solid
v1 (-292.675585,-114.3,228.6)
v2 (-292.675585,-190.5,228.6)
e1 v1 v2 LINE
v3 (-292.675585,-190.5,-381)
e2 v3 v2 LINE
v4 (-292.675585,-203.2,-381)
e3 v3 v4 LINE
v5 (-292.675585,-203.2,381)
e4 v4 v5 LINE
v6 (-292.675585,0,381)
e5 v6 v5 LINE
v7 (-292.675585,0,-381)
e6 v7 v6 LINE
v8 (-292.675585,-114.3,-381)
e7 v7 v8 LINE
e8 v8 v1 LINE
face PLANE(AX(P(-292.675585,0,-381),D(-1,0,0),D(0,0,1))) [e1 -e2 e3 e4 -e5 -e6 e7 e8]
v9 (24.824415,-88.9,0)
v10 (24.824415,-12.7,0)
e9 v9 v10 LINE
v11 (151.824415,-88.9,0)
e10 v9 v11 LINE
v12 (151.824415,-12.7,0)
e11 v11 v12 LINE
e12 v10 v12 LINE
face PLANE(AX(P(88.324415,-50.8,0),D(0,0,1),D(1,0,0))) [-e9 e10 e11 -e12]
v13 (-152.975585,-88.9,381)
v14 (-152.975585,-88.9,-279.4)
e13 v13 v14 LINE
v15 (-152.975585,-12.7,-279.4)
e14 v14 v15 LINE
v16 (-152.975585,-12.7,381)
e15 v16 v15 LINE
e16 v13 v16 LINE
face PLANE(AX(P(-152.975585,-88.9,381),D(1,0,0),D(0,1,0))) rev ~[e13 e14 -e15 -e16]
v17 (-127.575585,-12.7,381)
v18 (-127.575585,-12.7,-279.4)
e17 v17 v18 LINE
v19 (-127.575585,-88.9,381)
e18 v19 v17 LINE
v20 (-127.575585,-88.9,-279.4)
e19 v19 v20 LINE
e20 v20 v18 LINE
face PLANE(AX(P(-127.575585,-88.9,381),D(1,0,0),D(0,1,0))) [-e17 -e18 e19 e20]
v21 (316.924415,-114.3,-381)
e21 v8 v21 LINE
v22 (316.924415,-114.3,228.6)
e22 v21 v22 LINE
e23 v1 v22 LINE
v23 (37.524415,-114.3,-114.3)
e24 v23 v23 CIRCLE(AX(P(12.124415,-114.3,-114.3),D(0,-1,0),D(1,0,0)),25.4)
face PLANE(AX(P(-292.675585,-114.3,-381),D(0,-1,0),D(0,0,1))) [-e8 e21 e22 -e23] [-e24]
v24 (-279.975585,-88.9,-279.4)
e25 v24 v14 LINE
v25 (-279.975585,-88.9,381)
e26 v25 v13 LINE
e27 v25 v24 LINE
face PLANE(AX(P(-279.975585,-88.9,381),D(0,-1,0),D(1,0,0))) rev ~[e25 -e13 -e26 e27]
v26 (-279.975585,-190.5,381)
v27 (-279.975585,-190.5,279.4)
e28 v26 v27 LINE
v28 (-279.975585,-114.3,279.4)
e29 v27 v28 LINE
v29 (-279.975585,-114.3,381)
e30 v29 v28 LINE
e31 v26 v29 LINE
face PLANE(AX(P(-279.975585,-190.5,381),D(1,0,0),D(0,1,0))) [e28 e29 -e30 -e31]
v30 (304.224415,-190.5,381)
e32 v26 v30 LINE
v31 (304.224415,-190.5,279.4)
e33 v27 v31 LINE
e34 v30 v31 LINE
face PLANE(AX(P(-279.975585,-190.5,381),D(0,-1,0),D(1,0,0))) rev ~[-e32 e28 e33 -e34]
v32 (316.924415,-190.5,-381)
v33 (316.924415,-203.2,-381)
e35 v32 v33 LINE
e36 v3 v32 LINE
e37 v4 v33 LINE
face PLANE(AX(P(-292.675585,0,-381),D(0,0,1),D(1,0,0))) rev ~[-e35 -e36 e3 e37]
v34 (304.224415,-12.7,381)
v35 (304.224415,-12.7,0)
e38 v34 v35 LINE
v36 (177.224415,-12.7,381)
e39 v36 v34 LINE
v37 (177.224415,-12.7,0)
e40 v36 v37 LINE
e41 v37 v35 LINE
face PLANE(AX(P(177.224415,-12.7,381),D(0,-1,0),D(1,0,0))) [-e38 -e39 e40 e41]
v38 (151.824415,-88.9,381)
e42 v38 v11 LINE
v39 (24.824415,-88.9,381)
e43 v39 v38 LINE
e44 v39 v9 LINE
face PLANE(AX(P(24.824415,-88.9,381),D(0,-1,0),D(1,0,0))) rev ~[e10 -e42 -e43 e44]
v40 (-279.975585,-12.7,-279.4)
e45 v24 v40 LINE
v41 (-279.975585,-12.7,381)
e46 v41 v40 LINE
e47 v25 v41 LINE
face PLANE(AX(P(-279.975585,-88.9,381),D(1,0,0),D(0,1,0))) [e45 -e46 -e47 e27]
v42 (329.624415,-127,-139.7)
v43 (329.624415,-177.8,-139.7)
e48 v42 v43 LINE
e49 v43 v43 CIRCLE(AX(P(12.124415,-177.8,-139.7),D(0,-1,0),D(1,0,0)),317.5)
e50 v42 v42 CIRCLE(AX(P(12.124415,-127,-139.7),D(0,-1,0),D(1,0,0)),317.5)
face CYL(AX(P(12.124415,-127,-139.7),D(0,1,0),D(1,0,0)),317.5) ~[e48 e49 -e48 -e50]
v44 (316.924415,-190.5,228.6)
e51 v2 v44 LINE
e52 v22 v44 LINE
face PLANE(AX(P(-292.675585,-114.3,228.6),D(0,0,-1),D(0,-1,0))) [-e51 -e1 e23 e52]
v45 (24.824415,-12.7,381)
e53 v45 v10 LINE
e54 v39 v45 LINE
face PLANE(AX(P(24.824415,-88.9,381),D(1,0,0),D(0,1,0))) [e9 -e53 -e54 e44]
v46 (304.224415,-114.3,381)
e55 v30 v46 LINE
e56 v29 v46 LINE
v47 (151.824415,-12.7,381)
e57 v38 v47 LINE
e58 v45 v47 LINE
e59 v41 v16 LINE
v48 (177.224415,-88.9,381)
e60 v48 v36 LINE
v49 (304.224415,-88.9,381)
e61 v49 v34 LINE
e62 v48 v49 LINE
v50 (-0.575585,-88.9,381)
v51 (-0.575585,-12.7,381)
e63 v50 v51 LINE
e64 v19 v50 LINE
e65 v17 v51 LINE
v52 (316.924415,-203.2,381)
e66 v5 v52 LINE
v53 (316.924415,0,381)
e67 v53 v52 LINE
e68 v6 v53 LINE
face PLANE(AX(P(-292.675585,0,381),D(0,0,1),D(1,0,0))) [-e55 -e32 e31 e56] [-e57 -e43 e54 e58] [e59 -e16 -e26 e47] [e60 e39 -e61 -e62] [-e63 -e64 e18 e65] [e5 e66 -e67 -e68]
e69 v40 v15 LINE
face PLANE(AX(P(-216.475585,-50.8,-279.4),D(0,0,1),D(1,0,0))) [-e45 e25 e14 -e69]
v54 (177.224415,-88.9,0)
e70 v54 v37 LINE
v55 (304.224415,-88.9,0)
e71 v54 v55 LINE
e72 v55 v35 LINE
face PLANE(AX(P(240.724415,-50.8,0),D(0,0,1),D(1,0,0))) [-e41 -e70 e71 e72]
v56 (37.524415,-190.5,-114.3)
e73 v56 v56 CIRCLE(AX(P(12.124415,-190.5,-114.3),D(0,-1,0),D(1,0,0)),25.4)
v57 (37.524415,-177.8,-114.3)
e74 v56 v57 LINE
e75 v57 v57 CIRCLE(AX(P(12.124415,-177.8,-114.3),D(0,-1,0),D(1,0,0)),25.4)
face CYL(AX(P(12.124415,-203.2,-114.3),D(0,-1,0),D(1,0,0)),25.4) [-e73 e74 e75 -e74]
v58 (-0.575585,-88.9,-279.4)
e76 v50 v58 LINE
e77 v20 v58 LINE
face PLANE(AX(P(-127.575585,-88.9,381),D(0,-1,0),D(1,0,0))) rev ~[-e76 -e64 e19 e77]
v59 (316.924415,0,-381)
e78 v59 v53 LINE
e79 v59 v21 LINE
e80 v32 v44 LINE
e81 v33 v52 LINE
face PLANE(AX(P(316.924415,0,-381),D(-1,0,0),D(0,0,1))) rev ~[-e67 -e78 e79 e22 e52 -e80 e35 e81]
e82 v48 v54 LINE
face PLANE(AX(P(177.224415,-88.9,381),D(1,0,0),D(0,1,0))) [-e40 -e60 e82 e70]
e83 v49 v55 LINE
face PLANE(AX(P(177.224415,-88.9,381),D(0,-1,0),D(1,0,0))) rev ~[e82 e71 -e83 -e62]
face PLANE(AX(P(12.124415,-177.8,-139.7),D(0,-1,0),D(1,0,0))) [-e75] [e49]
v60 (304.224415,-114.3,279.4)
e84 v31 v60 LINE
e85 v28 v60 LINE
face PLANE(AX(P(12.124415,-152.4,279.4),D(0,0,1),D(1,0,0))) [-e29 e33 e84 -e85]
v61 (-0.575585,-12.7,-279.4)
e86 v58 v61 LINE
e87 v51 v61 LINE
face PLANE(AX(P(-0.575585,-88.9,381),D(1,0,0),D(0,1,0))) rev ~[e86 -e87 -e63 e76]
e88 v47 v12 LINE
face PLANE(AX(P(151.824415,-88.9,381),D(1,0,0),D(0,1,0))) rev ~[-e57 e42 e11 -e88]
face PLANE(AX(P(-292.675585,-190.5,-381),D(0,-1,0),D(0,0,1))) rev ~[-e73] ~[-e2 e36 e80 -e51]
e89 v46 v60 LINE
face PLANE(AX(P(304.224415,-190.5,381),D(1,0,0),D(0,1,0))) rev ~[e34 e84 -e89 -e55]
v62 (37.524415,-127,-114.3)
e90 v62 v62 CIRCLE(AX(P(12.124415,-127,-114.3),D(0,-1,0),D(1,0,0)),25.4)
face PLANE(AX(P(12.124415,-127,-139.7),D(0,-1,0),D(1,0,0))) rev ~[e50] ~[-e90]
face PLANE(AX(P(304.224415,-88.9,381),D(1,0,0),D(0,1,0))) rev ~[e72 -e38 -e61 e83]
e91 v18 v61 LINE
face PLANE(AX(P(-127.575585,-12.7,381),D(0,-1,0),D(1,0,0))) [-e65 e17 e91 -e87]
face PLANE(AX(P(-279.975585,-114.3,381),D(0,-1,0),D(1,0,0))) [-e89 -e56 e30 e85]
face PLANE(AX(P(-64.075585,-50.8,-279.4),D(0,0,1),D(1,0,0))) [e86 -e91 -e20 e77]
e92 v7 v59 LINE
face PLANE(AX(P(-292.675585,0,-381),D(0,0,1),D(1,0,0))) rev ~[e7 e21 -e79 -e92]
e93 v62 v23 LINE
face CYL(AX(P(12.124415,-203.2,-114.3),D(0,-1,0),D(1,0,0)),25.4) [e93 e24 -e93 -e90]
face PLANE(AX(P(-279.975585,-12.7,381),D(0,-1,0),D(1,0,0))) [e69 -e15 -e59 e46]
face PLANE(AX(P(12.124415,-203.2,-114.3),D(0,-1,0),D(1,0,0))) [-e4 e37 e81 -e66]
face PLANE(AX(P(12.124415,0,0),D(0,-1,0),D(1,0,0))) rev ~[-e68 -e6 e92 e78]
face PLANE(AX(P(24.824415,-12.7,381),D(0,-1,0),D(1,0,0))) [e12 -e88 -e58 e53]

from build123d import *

# Parameters (mm, degrees)
F0_W      = 609.6
F0_H      = 762
F1_DEPTH  = 203.2
F2_W      = 76.2
F2_H      = 609.6
F3_DEPTH  = 609.6
F4_W      = 584.2
F4_H      = 76.2
F5_DEPTH  = 101.6
F7_W      = 127
F7_H      = 76.2
F8_DEPTH  = 660.4
F9_W      = 127
F9_H      = 76.2
F10_DEPTH = 660.4
F11_W     = 127
F11_H     = 76.2
F13_DEPTH = 381
F14_DEPTH = 381
F12_W     = 127
F12_H     = 76.2
F15_DEPTH = 381
F16_R     = 25.4
F17_DEPTH = 88.9
F19_R     = 317.5
F20_DEPTH = 50.8


with BuildPart() as f1:
    # F0 (on Front) → F1 (new body)
    with BuildSketch(Plane.XZ):
        with Locations((12.1244145464, 0)):
            Rectangle(F0_W, F0_H)
    extrude(amount=F1_DEPTH)

    # F2 (on face) → F3 (cut)
    with BuildSketch(Plane(origin=(-292.6755854536, 0, 0), x_dir=(0, -1, 0), z_dir=(-1, 0, 0))):
        with Locations((152.4, -76.2)):
            Rectangle(F2_W, F2_H)
    extrude(amount=-F3_DEPTH, mode=Mode.SUBTRACT)

    # F4 (on face) → F5 (cut)
    with BuildSketch(Plane.XY.offset(381)):
        with Locations((12.1244145464, -152.4)):
            Rectangle(F4_W, F4_H)
    extrude(amount=-F5_DEPTH, mode=Mode.SUBTRACT)

    # F7 (on face) → F8 (cut)
    with BuildSketch(Plane.XY.offset(381)):
        with Locations((-216.4755854536, -50.8)):
            Rectangle(F7_W, F7_H)
    extrude(amount=-F8_DEPTH, mode=Mode.SUBTRACT)

    # F9 (on face) → F10 (cut)
    with BuildSketch(Plane.XY.offset(381)):
        with Locations((-64.0755854536, -50.8)):
            Rectangle(F9_W, F9_H)
    extrude(amount=-F10_DEPTH, mode=Mode.SUBTRACT)

    # F11 (on face) → F13 (cut)
    with BuildSketch(Plane.XY.offset(381)):
        with Locations((88.3244145464, -50.8)):
            Rectangle(F11_W, F11_H)
    extrude(amount=-F13_DEPTH, mode=Mode.SUBTRACT)

    # F11 (on face) → F14 (cut)
    with BuildSketch(Plane.XY.offset(381)):
        with Locations((88.3244145464, -50.8)):
            Rectangle(F11_W, F11_H)
    extrude(amount=-F14_DEPTH, mode=Mode.SUBTRACT)

    # F12 (on face) → F15 (cut)
    with BuildSketch(Plane.XY.offset(381)):
        with Locations((240.7244145464, -50.8)):
            Rectangle(F12_W, F12_H)
    extrude(amount=-F15_DEPTH, mode=Mode.SUBTRACT)

    # F16 (on face) → F17 (join)
    with BuildSketch(Plane.XZ.offset(203.2)):
        with Locations((12.1244145464, -114.3)):
            Circle(F16_R)
    extrude(amount=-F17_DEPTH)

    # F19 (on offset) → F20 (join)
    with BuildSketch(Plane.XZ.offset(127)):
        with Locations((12.1244145464, -139.7)):
            Circle(F19_R)
    extrude(amount=F20_DEPTH)


solid = f1.part
